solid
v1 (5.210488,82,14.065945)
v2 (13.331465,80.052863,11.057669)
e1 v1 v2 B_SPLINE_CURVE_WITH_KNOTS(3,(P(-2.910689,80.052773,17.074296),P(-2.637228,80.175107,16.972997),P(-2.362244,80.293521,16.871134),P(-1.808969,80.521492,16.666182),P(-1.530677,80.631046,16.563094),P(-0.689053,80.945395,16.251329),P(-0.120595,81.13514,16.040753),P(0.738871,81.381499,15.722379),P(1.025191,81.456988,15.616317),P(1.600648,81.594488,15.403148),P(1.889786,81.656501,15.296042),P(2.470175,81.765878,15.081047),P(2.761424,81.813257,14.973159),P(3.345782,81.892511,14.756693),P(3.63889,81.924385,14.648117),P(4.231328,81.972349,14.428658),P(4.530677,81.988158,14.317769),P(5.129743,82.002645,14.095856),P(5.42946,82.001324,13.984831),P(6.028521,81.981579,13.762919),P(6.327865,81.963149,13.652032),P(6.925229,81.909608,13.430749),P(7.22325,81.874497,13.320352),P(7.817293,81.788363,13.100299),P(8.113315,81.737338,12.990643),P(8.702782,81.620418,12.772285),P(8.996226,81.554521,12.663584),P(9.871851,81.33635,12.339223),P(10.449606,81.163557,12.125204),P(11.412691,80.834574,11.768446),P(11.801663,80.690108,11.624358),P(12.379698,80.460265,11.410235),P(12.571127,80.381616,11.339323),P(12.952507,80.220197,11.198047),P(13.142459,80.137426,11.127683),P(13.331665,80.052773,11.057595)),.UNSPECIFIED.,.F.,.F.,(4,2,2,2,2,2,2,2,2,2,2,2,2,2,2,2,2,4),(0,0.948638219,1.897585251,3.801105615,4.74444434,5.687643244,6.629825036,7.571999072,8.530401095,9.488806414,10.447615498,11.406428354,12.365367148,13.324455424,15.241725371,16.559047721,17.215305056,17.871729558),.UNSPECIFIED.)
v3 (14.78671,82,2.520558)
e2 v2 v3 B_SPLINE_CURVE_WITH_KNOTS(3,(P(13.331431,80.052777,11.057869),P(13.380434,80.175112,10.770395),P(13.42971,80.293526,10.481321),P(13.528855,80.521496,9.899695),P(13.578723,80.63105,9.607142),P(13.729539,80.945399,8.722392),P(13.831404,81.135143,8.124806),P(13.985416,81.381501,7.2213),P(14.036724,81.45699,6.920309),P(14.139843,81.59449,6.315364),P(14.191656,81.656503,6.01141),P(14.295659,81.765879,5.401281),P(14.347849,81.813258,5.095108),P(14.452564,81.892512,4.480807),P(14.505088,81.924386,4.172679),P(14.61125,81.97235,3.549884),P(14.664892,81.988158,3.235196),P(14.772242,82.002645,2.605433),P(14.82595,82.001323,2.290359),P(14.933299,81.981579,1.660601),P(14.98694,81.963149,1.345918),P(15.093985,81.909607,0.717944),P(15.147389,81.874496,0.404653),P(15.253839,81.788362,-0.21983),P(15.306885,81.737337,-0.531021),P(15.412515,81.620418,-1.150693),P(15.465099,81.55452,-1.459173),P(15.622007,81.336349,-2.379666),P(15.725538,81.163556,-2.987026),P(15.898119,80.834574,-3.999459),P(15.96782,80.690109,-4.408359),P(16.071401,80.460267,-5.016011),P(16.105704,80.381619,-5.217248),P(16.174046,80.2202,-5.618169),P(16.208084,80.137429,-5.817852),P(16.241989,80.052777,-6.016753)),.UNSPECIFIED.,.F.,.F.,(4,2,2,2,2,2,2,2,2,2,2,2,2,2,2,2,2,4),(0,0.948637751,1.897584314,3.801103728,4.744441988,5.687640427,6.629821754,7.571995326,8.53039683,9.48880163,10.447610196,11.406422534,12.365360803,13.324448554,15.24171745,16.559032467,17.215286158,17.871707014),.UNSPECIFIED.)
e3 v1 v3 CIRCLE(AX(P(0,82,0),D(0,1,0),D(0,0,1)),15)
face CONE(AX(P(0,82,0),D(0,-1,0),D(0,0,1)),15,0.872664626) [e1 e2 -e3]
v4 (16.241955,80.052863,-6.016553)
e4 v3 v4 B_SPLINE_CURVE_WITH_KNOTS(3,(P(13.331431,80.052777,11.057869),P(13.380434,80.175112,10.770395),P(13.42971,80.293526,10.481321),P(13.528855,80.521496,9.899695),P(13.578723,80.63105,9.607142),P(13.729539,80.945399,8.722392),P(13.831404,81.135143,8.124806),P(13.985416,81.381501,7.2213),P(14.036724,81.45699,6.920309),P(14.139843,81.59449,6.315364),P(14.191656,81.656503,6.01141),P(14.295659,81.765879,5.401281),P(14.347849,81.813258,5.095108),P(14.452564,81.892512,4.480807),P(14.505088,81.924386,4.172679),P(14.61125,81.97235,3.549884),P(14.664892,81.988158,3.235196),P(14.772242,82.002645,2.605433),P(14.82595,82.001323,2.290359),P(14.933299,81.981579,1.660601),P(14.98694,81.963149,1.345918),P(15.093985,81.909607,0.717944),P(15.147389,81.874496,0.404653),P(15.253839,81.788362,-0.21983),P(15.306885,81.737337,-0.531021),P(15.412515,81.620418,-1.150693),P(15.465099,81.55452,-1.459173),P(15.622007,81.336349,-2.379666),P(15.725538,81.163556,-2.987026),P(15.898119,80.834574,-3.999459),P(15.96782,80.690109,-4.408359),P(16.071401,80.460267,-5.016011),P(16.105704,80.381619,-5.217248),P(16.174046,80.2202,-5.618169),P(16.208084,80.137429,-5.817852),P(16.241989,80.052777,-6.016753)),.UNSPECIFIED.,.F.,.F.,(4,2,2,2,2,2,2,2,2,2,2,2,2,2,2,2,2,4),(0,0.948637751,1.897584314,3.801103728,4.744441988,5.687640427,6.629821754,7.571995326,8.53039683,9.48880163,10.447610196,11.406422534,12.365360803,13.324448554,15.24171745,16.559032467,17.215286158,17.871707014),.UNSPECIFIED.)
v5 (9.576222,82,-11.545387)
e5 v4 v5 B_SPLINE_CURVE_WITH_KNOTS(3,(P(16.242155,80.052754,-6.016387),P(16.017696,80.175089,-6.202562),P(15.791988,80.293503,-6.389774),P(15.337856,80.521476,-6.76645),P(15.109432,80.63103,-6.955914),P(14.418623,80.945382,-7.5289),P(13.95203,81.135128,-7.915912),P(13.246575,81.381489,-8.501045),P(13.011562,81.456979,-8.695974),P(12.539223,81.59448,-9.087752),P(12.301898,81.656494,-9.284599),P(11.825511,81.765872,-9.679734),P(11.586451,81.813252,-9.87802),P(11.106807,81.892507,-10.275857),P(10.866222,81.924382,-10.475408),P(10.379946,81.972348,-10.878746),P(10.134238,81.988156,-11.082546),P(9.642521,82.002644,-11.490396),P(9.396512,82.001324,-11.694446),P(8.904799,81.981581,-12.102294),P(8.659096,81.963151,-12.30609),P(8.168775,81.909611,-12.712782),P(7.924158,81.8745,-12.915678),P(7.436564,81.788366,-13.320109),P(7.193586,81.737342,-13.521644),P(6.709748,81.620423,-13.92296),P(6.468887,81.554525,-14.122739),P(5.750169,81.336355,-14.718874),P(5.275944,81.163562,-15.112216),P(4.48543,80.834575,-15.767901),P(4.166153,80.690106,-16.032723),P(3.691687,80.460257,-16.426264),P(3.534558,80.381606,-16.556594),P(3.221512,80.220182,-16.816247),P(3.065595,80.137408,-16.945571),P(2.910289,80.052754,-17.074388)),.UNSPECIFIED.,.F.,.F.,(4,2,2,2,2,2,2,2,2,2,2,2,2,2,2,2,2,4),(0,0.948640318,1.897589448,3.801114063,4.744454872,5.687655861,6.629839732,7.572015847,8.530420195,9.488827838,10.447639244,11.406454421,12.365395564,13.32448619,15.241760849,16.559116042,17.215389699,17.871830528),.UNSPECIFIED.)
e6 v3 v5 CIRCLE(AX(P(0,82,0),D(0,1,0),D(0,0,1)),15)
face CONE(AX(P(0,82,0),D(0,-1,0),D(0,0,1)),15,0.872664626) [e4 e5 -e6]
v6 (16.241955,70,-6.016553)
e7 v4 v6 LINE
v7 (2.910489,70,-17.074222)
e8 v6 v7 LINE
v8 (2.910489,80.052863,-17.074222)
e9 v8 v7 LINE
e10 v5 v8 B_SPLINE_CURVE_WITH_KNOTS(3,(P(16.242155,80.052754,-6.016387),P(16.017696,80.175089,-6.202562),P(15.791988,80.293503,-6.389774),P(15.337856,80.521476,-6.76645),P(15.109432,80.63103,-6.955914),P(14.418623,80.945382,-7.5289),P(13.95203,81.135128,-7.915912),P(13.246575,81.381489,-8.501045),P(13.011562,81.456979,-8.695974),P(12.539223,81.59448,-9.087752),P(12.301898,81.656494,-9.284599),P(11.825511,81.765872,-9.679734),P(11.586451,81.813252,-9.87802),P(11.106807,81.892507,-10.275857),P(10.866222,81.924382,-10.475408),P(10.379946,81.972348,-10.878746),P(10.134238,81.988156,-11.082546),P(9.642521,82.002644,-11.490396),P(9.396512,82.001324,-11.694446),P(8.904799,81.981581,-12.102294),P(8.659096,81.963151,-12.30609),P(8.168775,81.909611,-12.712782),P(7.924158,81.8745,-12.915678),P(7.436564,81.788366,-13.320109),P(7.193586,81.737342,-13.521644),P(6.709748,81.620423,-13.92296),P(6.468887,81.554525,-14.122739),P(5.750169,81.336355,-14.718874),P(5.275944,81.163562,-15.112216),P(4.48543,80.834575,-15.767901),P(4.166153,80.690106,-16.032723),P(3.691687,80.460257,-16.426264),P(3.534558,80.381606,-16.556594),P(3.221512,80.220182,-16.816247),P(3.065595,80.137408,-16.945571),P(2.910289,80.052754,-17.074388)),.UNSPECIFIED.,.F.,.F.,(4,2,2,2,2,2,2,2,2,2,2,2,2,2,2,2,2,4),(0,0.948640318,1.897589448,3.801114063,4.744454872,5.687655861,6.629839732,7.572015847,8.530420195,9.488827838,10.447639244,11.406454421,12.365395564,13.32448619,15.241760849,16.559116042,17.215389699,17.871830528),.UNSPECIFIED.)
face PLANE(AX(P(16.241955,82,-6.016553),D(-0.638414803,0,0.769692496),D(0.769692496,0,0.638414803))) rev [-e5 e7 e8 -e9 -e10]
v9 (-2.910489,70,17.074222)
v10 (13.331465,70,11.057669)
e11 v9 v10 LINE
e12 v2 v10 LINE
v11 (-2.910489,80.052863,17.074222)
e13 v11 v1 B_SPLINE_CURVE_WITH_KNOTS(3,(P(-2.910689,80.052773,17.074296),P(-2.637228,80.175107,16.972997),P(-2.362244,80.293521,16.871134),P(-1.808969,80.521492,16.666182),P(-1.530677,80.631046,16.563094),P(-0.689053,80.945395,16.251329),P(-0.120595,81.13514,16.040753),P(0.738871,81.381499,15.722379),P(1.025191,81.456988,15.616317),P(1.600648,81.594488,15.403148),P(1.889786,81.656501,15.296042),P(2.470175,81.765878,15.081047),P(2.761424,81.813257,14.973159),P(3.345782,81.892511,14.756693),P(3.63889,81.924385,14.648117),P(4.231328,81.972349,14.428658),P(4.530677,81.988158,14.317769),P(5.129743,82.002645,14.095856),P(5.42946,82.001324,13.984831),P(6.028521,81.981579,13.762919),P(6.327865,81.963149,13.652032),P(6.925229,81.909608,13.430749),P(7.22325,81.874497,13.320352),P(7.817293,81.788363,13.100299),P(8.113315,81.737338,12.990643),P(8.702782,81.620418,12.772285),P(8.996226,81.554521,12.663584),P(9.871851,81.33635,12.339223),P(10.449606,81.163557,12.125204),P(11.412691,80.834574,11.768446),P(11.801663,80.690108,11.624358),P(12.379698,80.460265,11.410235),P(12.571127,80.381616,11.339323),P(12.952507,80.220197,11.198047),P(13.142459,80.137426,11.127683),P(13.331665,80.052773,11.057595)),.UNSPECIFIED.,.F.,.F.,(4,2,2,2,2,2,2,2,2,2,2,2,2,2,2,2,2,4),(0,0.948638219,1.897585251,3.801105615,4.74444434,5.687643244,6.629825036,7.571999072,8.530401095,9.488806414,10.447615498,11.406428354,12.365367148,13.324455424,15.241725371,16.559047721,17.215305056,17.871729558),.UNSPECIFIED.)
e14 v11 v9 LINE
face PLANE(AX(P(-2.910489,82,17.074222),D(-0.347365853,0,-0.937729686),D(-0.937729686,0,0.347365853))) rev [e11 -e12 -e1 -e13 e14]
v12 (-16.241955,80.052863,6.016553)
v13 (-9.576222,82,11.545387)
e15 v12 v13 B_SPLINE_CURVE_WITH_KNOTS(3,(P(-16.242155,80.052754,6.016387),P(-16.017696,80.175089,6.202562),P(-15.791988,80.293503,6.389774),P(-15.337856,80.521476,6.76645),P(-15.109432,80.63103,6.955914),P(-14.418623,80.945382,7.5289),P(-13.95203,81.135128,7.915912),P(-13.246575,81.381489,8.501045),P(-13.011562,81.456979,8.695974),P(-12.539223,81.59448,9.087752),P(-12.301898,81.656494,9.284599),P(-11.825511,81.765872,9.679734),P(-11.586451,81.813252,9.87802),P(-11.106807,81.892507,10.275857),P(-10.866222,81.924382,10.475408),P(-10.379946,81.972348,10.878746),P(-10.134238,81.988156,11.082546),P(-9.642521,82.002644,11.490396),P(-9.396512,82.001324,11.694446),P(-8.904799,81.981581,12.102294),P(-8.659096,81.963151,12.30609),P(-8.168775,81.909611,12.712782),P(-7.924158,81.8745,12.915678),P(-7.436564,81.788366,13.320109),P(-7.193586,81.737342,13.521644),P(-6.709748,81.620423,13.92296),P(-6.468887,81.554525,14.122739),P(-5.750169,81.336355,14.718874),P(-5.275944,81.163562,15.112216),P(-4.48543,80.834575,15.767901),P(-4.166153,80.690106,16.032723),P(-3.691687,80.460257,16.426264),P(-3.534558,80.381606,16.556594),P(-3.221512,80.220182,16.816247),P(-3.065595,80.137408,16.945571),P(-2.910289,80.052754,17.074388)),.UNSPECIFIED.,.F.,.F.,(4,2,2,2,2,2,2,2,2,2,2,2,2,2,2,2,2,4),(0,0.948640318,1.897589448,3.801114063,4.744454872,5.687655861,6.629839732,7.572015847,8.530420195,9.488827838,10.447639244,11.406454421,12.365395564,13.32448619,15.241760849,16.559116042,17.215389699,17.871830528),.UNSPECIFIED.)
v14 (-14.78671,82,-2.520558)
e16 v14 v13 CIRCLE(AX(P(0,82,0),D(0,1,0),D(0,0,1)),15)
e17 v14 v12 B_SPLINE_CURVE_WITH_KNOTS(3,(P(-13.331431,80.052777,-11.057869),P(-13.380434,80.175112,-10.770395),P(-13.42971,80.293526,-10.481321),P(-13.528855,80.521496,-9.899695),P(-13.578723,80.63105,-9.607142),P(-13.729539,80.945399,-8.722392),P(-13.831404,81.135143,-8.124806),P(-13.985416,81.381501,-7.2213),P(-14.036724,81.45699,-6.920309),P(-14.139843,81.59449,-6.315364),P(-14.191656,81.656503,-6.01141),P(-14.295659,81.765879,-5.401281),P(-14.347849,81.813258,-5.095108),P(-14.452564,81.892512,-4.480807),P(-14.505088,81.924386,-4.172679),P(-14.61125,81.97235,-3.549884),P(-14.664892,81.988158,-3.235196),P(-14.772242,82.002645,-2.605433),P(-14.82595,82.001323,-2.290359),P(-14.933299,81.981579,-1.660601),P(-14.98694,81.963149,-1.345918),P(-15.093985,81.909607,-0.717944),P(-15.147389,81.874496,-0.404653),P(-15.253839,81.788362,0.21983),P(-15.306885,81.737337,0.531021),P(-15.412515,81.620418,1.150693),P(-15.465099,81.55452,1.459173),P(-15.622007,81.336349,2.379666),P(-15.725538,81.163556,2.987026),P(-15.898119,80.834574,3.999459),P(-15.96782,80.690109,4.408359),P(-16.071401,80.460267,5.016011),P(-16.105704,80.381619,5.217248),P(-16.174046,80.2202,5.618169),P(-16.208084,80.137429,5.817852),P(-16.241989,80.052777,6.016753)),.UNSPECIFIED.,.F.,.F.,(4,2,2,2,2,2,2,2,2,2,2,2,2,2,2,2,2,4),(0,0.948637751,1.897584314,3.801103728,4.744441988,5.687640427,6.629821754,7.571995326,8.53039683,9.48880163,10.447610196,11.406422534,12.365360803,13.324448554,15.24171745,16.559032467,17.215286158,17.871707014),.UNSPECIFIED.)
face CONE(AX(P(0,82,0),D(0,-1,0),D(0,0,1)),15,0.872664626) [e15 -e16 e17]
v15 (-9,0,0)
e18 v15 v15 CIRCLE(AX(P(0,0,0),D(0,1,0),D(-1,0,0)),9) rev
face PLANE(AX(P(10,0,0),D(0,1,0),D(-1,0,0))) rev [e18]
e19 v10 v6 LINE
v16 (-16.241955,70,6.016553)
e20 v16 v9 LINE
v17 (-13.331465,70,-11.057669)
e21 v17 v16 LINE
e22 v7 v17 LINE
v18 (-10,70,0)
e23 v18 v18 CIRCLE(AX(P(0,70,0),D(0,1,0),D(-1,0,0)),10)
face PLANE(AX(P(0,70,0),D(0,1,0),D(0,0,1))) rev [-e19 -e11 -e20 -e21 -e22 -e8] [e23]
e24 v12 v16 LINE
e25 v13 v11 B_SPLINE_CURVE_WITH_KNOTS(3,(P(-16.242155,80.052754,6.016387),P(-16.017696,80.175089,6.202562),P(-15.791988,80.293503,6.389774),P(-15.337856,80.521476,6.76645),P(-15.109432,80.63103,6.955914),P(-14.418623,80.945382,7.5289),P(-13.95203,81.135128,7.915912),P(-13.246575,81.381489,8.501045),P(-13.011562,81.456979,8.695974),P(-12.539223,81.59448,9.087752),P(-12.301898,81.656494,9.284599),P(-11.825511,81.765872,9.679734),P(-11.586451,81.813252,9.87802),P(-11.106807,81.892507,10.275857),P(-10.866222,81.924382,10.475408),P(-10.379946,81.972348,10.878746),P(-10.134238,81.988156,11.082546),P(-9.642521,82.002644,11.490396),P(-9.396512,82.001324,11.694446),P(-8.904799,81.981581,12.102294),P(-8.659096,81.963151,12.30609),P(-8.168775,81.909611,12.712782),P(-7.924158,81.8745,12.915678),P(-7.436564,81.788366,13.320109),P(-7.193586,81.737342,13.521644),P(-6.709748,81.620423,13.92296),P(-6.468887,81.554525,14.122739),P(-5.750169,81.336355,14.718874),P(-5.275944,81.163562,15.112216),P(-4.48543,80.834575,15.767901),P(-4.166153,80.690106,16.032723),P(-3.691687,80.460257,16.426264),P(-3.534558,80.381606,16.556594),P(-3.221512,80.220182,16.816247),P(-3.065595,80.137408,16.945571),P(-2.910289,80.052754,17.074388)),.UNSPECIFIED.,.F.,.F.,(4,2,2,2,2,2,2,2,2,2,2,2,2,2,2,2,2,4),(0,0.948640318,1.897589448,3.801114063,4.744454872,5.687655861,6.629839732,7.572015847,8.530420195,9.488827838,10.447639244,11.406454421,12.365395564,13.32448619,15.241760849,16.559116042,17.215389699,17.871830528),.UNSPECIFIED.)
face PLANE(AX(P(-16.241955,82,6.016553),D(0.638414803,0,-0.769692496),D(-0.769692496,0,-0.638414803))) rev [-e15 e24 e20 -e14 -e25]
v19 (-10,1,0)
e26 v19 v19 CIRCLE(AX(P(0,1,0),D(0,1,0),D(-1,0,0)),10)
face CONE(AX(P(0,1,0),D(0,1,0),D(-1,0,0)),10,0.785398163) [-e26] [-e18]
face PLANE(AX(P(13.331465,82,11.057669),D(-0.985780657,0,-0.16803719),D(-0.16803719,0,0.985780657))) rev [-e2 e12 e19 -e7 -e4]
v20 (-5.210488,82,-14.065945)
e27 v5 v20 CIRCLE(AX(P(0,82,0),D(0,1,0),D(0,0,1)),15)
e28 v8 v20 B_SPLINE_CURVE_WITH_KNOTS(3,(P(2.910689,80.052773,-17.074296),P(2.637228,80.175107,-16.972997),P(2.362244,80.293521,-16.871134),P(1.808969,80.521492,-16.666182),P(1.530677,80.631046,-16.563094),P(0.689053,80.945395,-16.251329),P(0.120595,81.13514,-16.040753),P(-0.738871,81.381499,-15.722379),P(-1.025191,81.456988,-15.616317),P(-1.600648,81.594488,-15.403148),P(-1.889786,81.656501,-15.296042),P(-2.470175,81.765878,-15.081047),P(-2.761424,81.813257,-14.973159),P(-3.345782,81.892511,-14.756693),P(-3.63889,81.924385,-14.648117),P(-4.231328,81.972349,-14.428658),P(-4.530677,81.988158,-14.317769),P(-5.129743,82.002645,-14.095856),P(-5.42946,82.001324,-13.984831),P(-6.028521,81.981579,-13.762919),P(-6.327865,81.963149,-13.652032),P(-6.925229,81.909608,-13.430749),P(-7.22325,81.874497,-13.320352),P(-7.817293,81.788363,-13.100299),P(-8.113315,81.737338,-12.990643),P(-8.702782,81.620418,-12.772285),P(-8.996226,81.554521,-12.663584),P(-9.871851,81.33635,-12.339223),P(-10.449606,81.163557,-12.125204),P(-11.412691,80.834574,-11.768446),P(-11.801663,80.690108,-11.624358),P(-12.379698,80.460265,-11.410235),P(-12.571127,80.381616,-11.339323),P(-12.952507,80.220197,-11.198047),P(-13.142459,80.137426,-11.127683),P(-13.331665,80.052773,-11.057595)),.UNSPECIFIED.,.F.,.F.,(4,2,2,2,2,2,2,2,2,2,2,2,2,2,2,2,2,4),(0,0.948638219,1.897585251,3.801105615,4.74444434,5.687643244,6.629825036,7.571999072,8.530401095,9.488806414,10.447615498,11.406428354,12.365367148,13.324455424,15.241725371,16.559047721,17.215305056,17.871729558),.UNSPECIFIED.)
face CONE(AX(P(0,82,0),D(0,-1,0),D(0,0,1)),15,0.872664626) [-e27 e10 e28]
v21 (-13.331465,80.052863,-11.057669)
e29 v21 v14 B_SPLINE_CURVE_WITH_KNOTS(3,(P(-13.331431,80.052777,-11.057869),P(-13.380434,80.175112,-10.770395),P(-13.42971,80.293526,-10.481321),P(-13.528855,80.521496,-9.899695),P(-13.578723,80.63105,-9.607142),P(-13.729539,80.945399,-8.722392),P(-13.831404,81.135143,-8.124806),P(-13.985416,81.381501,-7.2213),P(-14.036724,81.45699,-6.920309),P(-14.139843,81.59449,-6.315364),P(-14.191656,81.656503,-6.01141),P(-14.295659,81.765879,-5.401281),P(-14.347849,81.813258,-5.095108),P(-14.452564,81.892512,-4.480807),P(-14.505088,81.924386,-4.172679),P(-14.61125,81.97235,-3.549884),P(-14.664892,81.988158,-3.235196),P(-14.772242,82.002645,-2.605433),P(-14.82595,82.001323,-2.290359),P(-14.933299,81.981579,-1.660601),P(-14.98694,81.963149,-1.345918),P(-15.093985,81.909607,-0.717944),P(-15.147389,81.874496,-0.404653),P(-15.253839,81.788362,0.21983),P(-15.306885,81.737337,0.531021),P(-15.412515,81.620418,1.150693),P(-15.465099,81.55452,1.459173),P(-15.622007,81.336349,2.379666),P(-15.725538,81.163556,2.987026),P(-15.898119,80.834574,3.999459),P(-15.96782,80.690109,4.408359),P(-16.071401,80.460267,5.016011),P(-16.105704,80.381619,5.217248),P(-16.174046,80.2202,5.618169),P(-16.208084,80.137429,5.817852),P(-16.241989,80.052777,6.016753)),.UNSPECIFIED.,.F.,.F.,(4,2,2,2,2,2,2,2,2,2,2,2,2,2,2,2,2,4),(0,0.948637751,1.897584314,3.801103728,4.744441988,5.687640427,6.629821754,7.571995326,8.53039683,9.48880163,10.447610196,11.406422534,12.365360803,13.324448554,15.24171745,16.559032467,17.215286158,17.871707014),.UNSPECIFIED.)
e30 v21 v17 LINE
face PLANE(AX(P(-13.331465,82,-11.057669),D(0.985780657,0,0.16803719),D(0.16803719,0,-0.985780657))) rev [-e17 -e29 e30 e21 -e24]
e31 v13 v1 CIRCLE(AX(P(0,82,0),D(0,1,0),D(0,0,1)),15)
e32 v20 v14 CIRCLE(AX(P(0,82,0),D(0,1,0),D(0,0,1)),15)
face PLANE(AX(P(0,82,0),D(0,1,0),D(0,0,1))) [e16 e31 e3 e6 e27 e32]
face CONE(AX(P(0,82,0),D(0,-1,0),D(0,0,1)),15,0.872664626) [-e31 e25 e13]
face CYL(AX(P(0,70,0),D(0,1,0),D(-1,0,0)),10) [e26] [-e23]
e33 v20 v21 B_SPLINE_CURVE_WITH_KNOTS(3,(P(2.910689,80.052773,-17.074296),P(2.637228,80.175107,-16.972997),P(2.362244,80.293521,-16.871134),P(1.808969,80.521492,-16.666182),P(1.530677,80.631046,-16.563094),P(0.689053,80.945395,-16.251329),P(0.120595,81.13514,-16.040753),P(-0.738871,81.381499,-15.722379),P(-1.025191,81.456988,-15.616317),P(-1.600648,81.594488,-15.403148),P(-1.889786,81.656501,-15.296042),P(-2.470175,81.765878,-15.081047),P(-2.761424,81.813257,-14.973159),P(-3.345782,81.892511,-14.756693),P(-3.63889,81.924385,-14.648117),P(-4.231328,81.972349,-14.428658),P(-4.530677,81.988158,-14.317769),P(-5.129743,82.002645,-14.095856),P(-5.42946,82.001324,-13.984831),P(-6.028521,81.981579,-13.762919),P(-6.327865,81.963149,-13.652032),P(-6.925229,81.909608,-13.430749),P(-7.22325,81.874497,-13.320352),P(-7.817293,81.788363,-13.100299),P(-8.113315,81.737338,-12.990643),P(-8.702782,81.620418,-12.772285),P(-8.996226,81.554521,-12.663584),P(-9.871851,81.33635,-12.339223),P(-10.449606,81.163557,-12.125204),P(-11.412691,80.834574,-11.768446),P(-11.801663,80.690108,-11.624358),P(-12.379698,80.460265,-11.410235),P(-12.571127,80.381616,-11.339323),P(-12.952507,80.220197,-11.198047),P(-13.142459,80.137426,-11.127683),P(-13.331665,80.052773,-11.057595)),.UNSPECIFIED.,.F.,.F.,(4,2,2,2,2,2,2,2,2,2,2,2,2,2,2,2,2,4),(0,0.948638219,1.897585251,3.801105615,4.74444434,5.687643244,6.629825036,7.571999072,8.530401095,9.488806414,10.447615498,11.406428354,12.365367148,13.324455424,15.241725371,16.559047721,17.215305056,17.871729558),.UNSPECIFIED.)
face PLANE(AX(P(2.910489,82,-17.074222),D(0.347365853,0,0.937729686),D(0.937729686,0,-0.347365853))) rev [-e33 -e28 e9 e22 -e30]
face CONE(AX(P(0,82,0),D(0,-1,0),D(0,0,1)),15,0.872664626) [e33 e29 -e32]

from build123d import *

# Parameters (mm, degrees)
SKETCH1_W           = 10
SKETCH1_H           = 70
BOSS_EXTRUDE1_DEPTH = 12
SKETCH3_OUTSIDE_W   = 60.55
SKETCH3_OUTSIDE_H   = 62.214
SKETCH3_OUTSIDE_R   = 15
CUT_EXTRUDE1_DEPTH  = 3
CUT_EXTRUDE1_DRAFT  = -50
CHAMFER1_SIZE       = 1


with BuildPart() as part:
    # Sketch1 → Revolve1 (revolve)
    with BuildSketch(Plane.XY):
        with Locations((5, 35)):
            Rectangle(SKETCH1_W, SKETCH1_H)
    revolve(axis=Axis((0, 70, 0), (0, -1, 0)))

    # Sketch2 → Boss-Extrude1 (add)
    with BuildSketch(Plane(origin=(0, 70, 0), x_dir=(1, 0, 0), z_dir=(0, 1, 0))):
        Polygon((13.331465099, -11.057668756), (16.241954599, 6.016553068), (2.9104895, 17.074221823), (-13.331465099, 11.057668756), (-16.241954599, -6.016553068), (-2.9104895, -17.074221823), align=None)
    extrude(amount=BOSS_EXTRUDE1_DEPTH)


with BuildPart() as cut_extrude1_tool:
    # Sketch3 outside → Cut-Extrude1 (with draft: the straight prism first)
    with BuildSketch(Plane(origin=(0, 82, 0), x_dir=(1, 0, 0), z_dir=(0, 1, 0))):
        Rectangle(SKETCH3_OUTSIDE_W, SKETCH3_OUTSIDE_H)
        Circle(SKETCH3_OUTSIDE_R, mode=Mode.SUBTRACT)
    extrude(amount=-CUT_EXTRUDE1_DEPTH)
    # Cut-Extrude1: the draft: its side faces are tilted about the plane it starts from
    cut_extrude1_sides = [cut_extrude1_tool.faces().sort_by_distance(p)[0] for p in [
        (0, 80.5, 31.107),
        (30.275, 80.5, 0),
        (0, 80.5, -31.107),
        (-30.275, 80.5, 0),
        (-15, 80.5, 0),
    ]]
    draft(cut_extrude1_sides, Plane(origin=(0, 82, 0), x_dir=(1, 0, 0), z_dir=(0, 1, 0)), CUT_EXTRUDE1_DRAFT)


with BuildPart() as part_1:
    add(part.part)

    # Cut-Extrude1: cut by cut_extrude1_tool
    add(cut_extrude1_tool.part, mode=Mode.SUBTRACT)

    # Chamfer1
    chamfer1_edges = [part_1.edges().sort_by_distance(p)[0] for p in [
        (-10, 0, 0),
    ]]
    chamfer(chamfer1_edges, length=CHAMFER1_SIZE)


solid = part_1.part
